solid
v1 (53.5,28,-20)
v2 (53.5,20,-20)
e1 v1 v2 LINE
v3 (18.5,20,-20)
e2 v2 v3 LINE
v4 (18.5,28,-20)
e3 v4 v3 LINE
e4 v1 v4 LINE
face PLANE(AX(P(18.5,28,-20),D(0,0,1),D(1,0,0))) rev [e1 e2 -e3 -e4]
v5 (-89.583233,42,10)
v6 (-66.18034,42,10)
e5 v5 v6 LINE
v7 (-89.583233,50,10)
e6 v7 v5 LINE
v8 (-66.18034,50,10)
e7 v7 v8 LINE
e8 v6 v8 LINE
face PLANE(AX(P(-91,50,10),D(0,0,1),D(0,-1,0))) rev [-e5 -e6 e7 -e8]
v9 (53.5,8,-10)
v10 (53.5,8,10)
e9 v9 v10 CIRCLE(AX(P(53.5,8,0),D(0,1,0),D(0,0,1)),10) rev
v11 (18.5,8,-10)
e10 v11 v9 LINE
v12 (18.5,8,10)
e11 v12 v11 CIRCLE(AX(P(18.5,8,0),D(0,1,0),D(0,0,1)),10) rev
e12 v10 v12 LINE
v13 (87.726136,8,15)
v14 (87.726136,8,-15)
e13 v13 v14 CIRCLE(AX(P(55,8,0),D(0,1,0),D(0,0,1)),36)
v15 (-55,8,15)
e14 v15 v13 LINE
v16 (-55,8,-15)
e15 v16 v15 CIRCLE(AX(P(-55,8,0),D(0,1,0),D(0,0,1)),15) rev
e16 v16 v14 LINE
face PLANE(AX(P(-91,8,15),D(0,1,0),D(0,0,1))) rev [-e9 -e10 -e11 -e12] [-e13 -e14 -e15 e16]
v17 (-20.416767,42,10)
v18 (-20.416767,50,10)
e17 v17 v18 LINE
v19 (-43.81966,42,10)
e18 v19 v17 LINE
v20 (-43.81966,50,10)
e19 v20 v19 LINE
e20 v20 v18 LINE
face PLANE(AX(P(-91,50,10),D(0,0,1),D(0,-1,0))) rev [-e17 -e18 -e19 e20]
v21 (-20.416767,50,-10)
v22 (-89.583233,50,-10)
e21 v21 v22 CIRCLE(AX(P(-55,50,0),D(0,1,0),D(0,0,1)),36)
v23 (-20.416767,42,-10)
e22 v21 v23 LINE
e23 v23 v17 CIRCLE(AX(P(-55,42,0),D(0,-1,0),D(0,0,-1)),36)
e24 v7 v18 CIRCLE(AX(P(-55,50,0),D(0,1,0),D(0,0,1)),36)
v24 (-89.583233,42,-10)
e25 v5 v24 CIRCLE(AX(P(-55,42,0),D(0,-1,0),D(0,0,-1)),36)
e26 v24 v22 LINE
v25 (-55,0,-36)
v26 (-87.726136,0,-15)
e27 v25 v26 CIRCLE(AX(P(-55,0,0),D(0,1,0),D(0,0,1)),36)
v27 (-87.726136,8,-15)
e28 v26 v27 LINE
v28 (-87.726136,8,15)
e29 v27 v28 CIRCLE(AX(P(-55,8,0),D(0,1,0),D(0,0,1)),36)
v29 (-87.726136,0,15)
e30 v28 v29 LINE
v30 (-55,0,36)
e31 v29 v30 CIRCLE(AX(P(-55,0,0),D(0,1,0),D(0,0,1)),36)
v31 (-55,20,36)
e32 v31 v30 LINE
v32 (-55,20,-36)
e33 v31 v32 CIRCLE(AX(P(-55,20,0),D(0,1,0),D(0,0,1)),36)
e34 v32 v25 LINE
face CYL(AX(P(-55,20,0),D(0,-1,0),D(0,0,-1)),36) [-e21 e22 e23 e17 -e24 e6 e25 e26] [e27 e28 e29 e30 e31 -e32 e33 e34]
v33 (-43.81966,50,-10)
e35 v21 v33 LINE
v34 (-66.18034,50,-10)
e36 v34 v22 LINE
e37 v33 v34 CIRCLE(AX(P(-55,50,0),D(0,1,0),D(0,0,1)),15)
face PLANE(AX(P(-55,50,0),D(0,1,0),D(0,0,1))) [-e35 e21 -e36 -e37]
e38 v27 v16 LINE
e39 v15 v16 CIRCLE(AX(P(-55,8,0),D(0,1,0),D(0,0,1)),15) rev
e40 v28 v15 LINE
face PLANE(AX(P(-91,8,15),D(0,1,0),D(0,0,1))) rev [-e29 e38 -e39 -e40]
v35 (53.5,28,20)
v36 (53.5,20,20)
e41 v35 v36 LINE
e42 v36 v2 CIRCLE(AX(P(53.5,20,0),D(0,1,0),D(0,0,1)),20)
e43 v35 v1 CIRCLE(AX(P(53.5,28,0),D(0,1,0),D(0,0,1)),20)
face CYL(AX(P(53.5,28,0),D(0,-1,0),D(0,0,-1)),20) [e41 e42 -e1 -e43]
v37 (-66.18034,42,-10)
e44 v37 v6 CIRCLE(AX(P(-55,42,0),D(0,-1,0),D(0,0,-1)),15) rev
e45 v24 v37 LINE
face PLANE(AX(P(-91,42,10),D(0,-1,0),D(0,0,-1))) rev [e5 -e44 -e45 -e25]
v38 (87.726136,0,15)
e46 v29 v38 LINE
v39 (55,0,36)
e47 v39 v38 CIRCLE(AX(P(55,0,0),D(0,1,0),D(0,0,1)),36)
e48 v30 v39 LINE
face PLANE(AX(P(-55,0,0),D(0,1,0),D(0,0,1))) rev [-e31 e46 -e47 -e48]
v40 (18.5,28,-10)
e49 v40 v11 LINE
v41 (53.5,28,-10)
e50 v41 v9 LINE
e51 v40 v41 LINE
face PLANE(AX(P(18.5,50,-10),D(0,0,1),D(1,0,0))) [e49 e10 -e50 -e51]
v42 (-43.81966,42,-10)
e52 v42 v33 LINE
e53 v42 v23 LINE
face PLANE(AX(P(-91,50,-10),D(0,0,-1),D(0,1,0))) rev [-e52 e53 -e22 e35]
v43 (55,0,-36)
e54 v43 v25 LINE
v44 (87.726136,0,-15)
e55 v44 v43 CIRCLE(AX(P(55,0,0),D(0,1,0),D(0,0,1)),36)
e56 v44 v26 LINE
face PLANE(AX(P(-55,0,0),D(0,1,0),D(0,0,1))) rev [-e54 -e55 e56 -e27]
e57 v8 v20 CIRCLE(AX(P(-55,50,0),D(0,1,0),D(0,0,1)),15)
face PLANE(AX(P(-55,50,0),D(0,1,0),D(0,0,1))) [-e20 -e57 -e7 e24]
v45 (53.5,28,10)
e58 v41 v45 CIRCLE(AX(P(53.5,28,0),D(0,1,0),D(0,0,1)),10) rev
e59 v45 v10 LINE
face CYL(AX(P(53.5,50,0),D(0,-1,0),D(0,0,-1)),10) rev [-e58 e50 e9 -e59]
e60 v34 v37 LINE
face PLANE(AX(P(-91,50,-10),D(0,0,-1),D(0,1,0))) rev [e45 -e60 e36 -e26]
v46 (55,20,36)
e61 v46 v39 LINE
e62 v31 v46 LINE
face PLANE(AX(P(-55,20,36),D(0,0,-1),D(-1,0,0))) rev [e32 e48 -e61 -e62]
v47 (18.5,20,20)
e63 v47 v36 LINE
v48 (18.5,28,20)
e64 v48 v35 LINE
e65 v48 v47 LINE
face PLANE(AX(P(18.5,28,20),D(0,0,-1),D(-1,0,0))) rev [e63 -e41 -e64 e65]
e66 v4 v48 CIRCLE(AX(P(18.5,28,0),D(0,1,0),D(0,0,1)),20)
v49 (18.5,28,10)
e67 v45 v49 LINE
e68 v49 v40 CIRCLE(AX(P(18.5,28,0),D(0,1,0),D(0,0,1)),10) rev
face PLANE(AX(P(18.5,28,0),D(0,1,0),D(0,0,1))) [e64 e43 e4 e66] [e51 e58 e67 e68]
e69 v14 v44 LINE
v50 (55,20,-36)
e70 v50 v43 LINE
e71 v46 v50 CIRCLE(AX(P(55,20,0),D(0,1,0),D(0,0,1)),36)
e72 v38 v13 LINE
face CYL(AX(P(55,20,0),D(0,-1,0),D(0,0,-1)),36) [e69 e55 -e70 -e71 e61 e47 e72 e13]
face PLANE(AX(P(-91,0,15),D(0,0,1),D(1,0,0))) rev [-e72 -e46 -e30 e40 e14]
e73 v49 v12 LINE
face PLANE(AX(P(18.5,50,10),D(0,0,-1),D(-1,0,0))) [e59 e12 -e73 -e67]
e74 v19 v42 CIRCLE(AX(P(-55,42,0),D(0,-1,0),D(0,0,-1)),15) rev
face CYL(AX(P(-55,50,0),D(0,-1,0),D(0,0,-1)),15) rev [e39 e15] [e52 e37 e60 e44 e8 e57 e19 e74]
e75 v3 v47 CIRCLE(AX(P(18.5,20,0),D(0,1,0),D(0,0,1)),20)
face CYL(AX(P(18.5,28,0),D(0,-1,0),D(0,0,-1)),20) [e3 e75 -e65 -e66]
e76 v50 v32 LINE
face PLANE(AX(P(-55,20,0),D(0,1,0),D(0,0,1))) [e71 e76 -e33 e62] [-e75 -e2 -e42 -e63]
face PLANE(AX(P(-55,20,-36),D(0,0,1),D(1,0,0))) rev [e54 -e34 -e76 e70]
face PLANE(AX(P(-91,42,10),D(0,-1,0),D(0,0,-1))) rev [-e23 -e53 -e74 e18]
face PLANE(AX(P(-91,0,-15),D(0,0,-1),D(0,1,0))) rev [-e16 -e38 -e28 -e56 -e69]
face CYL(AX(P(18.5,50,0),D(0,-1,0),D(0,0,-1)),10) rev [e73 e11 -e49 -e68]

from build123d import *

# Parameters (mm, degrees)
BOSS_EXTRUDE1_DEPTH     = 20
SKETCH3_R               = 36
BOSS_EXTRUDE2_DEPTH     = 30
BOSS_EXTRUDE3_DEPTH     = 8
SKETCH6_W               = 30
SKETCH6_H               = 8
SKETCH6_W_2             = 20
CUT_EXTRUDE1_DEPTH      = 92
CUT_EXTRUDE1_DEPTH_BACK = 92
SKETCH7_R               = 15
CUT_EXTRUDE2_DEPTH      = 51
CUT_EXTRUDE2_DEPTH_BACK = 1


with BuildPart() as part:
    # Sketch2 → Boss-Extrude1 (new body)
    with BuildSketch(Plane(origin=(0, 0, 0), x_dir=(1, 0, 0), z_dir=(0, 1, 0))):
        with BuildLine():
            Line((-55, 36), (55, 36))
            ThreePointArc((55, 36), (91, 0), (55, -36))
            Line((55, -36), (-55, -36))
            ThreePointArc((-55, -36), (-91, 0), (-55, 36))
        make_face()
    extrude(amount=BOSS_EXTRUDE1_DEPTH)

    # Sketch3 → Boss-Extrude2 (add)
    with BuildSketch(Plane(origin=(0, 20, 0), x_dir=(1, 0, 0), z_dir=(0, 1, 0))):
        with Locations((-55, 0)):
            Circle(SKETCH3_R)
    extrude(amount=BOSS_EXTRUDE2_DEPTH)

    # Sketch4 → Boss-Extrude3 (add)
    with BuildSketch(Plane(origin=(0, 20, 0), x_dir=(1, 0, 0), z_dir=(0, 1, 0))):
        with BuildLine():
            Line((18.5, 20), (53.5, 20))
            ThreePointArc((53.5, 20), (73.5, 0), (53.5, -20))
            Line((53.5, -20), (18.5, -20))
            ThreePointArc((18.5, -20), (-1.5, 0), (18.5, 20))
        make_face()
    extrude(amount=BOSS_EXTRUDE3_DEPTH)

    # Sketch6 → Cut-Extrude1 (cut, two sides)
    with BuildSketch(Plane(origin=(0, 0, 0), x_dir=(0, 0, -1), z_dir=(1, 0, 0))) as cut_extrude1_sk:
        with Locations((0, 4)):
            Rectangle(SKETCH6_W, SKETCH6_H)
        with Locations((0, 46)):
            Rectangle(SKETCH6_W_2, SKETCH6_H)
    extrude(amount=CUT_EXTRUDE1_DEPTH, mode=Mode.SUBTRACT)
    extrude(cut_extrude1_sk.sketch, amount=-CUT_EXTRUDE1_DEPTH_BACK, mode=Mode.SUBTRACT)

    # Sketch7 → Cut-Extrude2 (cut, two sides)
    with BuildSketch(Plane(origin=(0, 0, 0), x_dir=(1, 0, 0), z_dir=(0, 1, 0))) as cut_extrude2_sk:
        with Locations((-55, 0)):
            Circle(SKETCH7_R)
        with BuildLine():
            Line((18.5, 10), (53.5, 10))
            ThreePointArc((53.5, 10), (63.5, 0), (53.5, -10))
            Line((53.5, -10), (18.5, -10))
            ThreePointArc((18.5, -10), (8.5, 0), (18.5, 10))
        make_face()
    extrude(amount=CUT_EXTRUDE2_DEPTH, mode=Mode.SUBTRACT)
    extrude(cut_extrude2_sk.sketch, amount=-CUT_EXTRUDE2_DEPTH_BACK, mode=Mode.SUBTRACT)


solid = part.part
